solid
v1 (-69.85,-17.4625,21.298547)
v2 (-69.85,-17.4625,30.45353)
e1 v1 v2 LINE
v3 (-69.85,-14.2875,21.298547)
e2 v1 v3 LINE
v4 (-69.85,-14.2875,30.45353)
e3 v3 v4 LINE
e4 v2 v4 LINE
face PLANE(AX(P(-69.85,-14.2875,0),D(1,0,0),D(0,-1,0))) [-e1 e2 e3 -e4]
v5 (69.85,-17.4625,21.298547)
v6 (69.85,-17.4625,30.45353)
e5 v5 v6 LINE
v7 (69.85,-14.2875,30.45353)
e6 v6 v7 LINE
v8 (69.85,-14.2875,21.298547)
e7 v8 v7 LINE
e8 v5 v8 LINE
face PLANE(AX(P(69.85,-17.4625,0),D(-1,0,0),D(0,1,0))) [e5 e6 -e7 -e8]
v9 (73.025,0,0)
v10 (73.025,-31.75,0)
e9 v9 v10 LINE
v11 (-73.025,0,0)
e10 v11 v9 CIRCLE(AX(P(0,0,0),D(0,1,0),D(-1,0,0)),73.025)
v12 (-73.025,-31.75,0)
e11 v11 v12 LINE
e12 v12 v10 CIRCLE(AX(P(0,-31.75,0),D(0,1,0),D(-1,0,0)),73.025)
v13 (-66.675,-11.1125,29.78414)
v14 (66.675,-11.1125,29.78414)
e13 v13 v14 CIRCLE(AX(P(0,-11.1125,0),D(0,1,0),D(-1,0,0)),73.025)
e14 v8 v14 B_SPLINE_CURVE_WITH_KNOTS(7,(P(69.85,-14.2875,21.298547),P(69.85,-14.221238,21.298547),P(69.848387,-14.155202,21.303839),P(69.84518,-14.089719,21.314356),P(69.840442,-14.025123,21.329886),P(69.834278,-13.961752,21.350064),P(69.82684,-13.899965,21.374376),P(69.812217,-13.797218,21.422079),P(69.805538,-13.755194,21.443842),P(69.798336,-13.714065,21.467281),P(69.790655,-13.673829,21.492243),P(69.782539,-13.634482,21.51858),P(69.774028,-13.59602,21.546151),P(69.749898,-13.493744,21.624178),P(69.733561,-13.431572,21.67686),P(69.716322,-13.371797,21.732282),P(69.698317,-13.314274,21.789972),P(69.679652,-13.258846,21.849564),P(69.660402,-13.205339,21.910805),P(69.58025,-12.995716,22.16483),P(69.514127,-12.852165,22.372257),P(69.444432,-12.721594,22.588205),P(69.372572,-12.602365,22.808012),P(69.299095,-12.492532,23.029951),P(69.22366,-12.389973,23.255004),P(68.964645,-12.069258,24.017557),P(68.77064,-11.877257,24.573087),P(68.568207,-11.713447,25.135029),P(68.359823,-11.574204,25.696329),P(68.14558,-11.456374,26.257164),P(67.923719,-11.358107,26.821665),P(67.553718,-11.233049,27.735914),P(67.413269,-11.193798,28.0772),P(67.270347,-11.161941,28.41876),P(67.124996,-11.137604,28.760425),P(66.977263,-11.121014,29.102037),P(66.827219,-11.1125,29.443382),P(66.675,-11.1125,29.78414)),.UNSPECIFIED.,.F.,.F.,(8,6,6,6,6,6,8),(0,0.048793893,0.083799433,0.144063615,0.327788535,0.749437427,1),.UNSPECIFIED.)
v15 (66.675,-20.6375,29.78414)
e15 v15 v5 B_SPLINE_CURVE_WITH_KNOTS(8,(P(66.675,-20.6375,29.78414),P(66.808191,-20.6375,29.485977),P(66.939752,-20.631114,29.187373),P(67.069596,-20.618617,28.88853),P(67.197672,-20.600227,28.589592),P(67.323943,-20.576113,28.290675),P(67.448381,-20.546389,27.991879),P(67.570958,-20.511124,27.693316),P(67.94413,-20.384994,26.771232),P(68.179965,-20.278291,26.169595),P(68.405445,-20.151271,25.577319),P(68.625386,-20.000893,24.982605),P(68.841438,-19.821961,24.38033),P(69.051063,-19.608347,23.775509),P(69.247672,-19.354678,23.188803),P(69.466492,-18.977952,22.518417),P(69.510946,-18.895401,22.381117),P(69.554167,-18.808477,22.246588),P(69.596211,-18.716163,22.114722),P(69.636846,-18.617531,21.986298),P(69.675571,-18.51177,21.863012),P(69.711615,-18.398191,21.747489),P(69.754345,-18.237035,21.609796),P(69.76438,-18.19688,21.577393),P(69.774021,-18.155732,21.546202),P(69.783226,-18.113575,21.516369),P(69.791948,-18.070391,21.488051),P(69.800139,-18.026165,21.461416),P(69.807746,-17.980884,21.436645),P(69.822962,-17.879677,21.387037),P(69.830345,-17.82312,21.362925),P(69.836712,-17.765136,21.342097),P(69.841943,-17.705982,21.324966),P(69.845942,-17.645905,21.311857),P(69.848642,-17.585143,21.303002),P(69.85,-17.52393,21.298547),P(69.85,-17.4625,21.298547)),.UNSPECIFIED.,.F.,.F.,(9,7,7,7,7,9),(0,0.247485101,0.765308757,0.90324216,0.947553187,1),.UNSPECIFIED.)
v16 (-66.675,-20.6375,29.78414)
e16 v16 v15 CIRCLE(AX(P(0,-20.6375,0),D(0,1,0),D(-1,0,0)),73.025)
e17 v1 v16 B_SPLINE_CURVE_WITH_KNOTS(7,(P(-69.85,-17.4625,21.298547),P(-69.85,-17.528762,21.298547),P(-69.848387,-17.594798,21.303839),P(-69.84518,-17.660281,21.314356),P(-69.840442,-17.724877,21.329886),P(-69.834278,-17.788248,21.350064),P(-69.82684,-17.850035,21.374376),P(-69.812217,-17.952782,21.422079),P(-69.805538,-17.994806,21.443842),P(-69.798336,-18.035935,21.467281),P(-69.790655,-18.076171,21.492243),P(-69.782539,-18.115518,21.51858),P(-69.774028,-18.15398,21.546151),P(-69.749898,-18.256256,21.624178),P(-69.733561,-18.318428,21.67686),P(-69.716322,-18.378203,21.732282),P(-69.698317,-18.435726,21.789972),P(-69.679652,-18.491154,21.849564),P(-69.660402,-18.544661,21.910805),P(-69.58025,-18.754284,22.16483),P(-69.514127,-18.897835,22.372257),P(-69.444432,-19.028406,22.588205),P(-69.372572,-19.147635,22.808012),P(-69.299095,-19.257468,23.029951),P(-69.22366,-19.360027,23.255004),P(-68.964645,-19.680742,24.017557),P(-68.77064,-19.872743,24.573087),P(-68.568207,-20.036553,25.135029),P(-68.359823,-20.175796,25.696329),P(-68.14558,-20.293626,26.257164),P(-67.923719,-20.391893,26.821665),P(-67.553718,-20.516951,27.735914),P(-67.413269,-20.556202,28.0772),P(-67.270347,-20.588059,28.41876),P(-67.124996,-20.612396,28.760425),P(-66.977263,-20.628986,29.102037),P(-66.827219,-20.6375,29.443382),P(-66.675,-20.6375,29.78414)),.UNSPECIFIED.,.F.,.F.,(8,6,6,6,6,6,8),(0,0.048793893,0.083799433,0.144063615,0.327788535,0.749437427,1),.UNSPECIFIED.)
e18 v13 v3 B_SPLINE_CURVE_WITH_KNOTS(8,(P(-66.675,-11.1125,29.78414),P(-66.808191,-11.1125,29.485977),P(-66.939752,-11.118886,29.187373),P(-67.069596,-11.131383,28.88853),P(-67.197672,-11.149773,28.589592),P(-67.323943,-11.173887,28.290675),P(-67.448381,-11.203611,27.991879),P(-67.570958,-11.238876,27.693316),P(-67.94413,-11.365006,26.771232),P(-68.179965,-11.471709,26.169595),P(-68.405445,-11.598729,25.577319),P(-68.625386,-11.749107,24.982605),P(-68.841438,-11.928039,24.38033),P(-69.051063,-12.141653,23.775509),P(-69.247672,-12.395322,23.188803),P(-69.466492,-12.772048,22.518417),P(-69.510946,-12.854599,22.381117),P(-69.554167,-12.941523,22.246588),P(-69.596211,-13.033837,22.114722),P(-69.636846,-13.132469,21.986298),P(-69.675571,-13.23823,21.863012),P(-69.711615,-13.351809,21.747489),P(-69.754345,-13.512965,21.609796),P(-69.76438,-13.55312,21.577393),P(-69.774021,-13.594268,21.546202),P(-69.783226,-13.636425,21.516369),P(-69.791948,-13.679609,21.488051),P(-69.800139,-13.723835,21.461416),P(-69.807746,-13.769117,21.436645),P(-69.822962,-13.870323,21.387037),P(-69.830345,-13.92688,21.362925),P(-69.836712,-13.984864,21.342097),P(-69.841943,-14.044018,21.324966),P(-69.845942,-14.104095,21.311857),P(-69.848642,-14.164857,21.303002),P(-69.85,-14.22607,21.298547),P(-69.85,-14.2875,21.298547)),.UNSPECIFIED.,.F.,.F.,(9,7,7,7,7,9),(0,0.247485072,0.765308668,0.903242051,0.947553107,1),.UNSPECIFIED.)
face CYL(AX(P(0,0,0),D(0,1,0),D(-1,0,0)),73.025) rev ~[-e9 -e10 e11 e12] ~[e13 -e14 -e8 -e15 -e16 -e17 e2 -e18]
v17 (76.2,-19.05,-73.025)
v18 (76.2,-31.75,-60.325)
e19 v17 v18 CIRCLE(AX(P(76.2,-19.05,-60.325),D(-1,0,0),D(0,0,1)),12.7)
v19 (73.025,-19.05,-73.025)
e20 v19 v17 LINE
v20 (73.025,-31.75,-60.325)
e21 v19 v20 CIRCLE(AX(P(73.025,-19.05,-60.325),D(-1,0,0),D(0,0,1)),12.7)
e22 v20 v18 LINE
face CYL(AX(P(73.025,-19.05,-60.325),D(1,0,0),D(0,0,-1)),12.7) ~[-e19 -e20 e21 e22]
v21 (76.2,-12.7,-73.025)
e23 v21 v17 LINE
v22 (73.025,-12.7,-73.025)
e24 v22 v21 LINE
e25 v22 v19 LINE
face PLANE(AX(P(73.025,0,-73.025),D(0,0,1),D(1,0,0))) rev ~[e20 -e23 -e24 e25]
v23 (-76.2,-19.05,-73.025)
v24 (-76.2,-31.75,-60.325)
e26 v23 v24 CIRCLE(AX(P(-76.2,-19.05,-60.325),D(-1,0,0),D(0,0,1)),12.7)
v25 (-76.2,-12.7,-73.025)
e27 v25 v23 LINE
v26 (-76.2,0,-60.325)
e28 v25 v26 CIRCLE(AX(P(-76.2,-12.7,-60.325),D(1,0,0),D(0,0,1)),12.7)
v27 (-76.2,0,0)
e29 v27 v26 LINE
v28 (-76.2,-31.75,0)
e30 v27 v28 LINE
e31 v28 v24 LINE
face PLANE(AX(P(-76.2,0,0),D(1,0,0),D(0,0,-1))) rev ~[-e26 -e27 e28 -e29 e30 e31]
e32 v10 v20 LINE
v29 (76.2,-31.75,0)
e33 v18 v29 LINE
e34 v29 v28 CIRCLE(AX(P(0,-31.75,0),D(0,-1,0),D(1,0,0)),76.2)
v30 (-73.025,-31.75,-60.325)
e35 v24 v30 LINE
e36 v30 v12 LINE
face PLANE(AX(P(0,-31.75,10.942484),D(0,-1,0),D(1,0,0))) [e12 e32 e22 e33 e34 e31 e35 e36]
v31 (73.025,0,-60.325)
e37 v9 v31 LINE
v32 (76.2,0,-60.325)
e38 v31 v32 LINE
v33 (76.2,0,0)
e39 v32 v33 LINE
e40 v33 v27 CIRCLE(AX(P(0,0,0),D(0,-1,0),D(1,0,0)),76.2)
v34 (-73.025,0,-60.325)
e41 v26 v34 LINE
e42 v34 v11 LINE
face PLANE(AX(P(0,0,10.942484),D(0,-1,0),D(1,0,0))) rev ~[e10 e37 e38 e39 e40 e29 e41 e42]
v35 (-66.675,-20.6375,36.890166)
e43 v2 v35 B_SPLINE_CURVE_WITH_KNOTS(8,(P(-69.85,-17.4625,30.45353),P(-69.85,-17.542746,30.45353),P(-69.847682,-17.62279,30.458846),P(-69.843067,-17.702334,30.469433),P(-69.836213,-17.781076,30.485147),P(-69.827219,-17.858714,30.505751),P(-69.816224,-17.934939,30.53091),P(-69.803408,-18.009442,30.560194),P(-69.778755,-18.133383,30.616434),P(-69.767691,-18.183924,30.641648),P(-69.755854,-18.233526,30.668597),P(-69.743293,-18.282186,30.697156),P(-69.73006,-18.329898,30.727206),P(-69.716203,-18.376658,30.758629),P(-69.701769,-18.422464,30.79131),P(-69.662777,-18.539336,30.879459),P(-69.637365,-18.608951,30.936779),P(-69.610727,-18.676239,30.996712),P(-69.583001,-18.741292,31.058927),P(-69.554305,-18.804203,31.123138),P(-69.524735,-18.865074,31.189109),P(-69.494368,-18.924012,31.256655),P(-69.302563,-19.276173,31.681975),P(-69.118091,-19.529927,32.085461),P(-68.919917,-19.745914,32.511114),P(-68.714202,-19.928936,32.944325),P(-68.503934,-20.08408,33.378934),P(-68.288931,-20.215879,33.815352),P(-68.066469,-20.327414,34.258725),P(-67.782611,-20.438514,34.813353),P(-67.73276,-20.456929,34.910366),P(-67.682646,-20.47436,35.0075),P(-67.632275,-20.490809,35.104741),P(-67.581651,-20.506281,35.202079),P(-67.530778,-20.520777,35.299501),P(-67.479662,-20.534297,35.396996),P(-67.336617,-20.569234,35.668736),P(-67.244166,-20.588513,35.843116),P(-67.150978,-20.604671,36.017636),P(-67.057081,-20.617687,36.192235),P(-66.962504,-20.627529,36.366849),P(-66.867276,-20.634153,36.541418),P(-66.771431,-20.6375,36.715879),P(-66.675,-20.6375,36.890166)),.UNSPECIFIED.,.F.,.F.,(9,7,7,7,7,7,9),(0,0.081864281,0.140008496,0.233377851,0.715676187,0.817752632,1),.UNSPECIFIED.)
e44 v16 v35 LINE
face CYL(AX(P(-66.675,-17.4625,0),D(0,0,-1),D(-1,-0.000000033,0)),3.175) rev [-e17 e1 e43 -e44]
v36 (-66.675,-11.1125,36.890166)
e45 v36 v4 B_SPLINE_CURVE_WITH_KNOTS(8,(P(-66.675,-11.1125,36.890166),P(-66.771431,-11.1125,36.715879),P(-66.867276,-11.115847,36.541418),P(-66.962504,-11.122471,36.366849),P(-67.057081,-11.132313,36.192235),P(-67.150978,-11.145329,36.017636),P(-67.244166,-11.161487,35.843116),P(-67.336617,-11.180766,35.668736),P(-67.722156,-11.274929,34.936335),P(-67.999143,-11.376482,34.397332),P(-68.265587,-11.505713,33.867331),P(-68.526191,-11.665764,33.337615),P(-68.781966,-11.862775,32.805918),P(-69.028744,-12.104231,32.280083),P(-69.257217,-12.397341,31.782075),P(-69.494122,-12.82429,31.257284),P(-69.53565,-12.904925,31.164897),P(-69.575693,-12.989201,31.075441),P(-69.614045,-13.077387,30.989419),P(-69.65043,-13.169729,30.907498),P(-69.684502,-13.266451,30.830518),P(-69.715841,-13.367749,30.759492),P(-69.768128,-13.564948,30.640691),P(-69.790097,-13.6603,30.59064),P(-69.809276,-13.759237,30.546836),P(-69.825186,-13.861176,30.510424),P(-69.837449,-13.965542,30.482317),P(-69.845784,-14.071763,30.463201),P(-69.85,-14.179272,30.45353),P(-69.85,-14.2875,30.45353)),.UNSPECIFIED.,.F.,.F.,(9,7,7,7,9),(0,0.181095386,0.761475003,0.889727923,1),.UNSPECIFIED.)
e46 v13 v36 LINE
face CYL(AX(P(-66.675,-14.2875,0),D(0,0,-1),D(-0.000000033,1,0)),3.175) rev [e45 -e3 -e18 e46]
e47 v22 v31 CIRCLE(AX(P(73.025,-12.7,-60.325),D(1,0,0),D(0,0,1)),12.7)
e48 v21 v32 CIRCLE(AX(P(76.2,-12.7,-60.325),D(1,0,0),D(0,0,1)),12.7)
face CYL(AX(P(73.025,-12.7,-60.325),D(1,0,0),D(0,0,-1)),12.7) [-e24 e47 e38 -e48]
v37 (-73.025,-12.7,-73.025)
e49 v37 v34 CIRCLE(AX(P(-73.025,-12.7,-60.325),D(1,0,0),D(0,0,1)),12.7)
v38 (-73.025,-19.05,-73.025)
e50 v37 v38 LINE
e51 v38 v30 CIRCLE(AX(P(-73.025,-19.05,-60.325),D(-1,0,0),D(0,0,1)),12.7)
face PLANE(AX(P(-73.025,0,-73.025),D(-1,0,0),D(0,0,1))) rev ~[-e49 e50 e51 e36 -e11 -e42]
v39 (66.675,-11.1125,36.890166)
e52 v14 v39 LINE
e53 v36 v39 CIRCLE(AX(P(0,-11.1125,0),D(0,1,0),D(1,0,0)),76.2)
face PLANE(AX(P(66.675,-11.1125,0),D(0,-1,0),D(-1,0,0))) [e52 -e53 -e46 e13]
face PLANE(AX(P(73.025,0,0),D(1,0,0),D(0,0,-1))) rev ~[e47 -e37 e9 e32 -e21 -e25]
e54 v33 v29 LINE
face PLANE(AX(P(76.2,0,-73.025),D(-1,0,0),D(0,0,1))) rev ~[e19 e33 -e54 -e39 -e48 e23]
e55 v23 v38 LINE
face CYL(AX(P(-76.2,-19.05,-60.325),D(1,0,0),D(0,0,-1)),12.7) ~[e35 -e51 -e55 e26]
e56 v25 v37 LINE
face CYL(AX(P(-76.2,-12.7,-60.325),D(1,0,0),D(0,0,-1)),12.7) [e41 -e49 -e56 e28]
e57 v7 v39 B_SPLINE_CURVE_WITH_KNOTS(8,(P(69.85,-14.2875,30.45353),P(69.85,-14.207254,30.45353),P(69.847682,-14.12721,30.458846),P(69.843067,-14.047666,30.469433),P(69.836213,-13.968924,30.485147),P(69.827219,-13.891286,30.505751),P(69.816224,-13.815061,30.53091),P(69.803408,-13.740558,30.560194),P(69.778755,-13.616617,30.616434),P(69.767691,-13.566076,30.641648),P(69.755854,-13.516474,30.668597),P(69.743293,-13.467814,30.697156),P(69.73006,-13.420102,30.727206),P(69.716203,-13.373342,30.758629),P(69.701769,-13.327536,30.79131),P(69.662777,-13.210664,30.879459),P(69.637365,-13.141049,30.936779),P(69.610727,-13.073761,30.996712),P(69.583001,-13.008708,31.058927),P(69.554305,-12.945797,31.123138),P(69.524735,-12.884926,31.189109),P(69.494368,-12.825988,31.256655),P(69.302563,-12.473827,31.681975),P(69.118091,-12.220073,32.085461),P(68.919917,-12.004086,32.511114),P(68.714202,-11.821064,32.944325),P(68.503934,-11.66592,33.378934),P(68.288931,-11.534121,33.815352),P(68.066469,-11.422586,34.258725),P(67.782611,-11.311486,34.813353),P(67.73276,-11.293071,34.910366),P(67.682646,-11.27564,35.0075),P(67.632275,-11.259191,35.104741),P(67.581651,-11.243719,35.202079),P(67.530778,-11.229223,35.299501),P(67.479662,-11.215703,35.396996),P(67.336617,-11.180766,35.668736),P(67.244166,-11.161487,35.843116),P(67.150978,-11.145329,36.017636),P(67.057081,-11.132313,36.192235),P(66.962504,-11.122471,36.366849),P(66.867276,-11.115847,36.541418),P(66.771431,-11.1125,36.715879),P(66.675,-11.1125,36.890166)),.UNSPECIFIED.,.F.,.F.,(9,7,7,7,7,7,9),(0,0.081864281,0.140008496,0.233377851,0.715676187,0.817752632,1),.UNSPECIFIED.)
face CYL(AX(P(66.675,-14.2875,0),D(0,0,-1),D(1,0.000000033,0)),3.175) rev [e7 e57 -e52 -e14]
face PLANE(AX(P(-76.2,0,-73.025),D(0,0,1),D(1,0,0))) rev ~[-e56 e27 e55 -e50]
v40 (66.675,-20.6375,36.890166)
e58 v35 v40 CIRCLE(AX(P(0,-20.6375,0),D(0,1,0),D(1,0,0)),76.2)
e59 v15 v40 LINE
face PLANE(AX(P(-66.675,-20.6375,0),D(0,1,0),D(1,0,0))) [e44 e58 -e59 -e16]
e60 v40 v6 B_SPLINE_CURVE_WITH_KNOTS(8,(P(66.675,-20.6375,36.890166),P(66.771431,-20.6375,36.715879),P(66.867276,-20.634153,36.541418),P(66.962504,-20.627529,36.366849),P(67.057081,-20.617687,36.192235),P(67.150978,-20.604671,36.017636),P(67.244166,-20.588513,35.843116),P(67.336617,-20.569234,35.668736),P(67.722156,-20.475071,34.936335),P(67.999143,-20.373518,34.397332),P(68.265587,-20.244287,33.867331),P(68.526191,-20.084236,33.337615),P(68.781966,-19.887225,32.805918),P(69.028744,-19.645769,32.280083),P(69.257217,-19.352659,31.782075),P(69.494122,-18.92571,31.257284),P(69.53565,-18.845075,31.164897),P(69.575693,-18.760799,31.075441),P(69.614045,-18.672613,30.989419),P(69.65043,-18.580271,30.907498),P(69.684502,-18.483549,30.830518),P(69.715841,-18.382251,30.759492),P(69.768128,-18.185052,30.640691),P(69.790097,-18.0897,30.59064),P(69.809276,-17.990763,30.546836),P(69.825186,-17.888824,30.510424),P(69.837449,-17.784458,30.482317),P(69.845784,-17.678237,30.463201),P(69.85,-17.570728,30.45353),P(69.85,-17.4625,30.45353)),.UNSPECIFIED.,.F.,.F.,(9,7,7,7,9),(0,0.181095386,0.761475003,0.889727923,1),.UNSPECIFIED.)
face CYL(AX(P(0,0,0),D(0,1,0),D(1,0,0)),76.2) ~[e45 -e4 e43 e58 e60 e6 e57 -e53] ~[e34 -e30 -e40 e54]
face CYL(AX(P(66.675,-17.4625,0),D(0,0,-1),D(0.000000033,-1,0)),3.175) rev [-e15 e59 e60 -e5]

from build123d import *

# Parameters (mm, degrees)
F1_DEPTH = 31.75
F2_R     = 12.7
F4_DEPTH = 76.201


with BuildPart() as f1:
    # F0 (on Front) → F1 (new body)
    with BuildSketch(Plane.XZ):
        with BuildLine():
            ThreePointArc((-73.025, 0), (0, 73.025), (73.025, 0))
            Line((73.025, 0), (73.025, -73.025))
            Line((73.025, -73.025), (76.2, -73.025))
            Line((76.2, -73.025), (76.2, 0))
            ThreePointArc((76.2, 0), (0, 76.2), (-76.2, 0))
            Line((-76.2, 0), (-76.2, -73.025))
            Line((-76.2, -73.025), (-73.025, -73.025))
            Line((-73.025, -73.025), (-73.025, 0))
        make_face()
    extrude(amount=F1_DEPTH)

    # F2
    f2_edges = [f1.edges().sort_by_distance(p)[0] for p in [
        (-74.6125, -31.75, -73.025),
        (-74.6125, 0, -73.025),
        (74.6125, -31.75, -73.025),
        (74.6125, 0, -73.025),
    ]]
    fillet(f2_edges, radius=F2_R)

    # F3 (on Top) → F4 (cut, through all)
    with BuildSketch(Plane.XY):
        with BuildLine():
            ThreePointArc((-69.85, -17.4625), (-68.920064, -19.707564), (-66.675, -20.6375))
            Line((-66.675, -20.6375), (66.675, -20.6375))
            ThreePointArc((66.675, -20.6375), (68.920064, -19.707564), (69.85, -17.4625))
            Line((69.85, -17.4625), (69.85, -14.2875))
            ThreePointArc((69.85, -14.2875), (68.920064, -12.042436), (66.675, -11.1125))
            Line((66.675, -11.1125), (-66.675, -11.1125))
            ThreePointArc((-66.675, -11.1125), (-68.920064, -12.042436), (-69.85, -14.2875))
            Line((-69.85, -14.2875), (-69.85, -17.4625))
        make_face()
    extrude(amount=F4_DEPTH, mode=Mode.SUBTRACT)


solid = f1.part
